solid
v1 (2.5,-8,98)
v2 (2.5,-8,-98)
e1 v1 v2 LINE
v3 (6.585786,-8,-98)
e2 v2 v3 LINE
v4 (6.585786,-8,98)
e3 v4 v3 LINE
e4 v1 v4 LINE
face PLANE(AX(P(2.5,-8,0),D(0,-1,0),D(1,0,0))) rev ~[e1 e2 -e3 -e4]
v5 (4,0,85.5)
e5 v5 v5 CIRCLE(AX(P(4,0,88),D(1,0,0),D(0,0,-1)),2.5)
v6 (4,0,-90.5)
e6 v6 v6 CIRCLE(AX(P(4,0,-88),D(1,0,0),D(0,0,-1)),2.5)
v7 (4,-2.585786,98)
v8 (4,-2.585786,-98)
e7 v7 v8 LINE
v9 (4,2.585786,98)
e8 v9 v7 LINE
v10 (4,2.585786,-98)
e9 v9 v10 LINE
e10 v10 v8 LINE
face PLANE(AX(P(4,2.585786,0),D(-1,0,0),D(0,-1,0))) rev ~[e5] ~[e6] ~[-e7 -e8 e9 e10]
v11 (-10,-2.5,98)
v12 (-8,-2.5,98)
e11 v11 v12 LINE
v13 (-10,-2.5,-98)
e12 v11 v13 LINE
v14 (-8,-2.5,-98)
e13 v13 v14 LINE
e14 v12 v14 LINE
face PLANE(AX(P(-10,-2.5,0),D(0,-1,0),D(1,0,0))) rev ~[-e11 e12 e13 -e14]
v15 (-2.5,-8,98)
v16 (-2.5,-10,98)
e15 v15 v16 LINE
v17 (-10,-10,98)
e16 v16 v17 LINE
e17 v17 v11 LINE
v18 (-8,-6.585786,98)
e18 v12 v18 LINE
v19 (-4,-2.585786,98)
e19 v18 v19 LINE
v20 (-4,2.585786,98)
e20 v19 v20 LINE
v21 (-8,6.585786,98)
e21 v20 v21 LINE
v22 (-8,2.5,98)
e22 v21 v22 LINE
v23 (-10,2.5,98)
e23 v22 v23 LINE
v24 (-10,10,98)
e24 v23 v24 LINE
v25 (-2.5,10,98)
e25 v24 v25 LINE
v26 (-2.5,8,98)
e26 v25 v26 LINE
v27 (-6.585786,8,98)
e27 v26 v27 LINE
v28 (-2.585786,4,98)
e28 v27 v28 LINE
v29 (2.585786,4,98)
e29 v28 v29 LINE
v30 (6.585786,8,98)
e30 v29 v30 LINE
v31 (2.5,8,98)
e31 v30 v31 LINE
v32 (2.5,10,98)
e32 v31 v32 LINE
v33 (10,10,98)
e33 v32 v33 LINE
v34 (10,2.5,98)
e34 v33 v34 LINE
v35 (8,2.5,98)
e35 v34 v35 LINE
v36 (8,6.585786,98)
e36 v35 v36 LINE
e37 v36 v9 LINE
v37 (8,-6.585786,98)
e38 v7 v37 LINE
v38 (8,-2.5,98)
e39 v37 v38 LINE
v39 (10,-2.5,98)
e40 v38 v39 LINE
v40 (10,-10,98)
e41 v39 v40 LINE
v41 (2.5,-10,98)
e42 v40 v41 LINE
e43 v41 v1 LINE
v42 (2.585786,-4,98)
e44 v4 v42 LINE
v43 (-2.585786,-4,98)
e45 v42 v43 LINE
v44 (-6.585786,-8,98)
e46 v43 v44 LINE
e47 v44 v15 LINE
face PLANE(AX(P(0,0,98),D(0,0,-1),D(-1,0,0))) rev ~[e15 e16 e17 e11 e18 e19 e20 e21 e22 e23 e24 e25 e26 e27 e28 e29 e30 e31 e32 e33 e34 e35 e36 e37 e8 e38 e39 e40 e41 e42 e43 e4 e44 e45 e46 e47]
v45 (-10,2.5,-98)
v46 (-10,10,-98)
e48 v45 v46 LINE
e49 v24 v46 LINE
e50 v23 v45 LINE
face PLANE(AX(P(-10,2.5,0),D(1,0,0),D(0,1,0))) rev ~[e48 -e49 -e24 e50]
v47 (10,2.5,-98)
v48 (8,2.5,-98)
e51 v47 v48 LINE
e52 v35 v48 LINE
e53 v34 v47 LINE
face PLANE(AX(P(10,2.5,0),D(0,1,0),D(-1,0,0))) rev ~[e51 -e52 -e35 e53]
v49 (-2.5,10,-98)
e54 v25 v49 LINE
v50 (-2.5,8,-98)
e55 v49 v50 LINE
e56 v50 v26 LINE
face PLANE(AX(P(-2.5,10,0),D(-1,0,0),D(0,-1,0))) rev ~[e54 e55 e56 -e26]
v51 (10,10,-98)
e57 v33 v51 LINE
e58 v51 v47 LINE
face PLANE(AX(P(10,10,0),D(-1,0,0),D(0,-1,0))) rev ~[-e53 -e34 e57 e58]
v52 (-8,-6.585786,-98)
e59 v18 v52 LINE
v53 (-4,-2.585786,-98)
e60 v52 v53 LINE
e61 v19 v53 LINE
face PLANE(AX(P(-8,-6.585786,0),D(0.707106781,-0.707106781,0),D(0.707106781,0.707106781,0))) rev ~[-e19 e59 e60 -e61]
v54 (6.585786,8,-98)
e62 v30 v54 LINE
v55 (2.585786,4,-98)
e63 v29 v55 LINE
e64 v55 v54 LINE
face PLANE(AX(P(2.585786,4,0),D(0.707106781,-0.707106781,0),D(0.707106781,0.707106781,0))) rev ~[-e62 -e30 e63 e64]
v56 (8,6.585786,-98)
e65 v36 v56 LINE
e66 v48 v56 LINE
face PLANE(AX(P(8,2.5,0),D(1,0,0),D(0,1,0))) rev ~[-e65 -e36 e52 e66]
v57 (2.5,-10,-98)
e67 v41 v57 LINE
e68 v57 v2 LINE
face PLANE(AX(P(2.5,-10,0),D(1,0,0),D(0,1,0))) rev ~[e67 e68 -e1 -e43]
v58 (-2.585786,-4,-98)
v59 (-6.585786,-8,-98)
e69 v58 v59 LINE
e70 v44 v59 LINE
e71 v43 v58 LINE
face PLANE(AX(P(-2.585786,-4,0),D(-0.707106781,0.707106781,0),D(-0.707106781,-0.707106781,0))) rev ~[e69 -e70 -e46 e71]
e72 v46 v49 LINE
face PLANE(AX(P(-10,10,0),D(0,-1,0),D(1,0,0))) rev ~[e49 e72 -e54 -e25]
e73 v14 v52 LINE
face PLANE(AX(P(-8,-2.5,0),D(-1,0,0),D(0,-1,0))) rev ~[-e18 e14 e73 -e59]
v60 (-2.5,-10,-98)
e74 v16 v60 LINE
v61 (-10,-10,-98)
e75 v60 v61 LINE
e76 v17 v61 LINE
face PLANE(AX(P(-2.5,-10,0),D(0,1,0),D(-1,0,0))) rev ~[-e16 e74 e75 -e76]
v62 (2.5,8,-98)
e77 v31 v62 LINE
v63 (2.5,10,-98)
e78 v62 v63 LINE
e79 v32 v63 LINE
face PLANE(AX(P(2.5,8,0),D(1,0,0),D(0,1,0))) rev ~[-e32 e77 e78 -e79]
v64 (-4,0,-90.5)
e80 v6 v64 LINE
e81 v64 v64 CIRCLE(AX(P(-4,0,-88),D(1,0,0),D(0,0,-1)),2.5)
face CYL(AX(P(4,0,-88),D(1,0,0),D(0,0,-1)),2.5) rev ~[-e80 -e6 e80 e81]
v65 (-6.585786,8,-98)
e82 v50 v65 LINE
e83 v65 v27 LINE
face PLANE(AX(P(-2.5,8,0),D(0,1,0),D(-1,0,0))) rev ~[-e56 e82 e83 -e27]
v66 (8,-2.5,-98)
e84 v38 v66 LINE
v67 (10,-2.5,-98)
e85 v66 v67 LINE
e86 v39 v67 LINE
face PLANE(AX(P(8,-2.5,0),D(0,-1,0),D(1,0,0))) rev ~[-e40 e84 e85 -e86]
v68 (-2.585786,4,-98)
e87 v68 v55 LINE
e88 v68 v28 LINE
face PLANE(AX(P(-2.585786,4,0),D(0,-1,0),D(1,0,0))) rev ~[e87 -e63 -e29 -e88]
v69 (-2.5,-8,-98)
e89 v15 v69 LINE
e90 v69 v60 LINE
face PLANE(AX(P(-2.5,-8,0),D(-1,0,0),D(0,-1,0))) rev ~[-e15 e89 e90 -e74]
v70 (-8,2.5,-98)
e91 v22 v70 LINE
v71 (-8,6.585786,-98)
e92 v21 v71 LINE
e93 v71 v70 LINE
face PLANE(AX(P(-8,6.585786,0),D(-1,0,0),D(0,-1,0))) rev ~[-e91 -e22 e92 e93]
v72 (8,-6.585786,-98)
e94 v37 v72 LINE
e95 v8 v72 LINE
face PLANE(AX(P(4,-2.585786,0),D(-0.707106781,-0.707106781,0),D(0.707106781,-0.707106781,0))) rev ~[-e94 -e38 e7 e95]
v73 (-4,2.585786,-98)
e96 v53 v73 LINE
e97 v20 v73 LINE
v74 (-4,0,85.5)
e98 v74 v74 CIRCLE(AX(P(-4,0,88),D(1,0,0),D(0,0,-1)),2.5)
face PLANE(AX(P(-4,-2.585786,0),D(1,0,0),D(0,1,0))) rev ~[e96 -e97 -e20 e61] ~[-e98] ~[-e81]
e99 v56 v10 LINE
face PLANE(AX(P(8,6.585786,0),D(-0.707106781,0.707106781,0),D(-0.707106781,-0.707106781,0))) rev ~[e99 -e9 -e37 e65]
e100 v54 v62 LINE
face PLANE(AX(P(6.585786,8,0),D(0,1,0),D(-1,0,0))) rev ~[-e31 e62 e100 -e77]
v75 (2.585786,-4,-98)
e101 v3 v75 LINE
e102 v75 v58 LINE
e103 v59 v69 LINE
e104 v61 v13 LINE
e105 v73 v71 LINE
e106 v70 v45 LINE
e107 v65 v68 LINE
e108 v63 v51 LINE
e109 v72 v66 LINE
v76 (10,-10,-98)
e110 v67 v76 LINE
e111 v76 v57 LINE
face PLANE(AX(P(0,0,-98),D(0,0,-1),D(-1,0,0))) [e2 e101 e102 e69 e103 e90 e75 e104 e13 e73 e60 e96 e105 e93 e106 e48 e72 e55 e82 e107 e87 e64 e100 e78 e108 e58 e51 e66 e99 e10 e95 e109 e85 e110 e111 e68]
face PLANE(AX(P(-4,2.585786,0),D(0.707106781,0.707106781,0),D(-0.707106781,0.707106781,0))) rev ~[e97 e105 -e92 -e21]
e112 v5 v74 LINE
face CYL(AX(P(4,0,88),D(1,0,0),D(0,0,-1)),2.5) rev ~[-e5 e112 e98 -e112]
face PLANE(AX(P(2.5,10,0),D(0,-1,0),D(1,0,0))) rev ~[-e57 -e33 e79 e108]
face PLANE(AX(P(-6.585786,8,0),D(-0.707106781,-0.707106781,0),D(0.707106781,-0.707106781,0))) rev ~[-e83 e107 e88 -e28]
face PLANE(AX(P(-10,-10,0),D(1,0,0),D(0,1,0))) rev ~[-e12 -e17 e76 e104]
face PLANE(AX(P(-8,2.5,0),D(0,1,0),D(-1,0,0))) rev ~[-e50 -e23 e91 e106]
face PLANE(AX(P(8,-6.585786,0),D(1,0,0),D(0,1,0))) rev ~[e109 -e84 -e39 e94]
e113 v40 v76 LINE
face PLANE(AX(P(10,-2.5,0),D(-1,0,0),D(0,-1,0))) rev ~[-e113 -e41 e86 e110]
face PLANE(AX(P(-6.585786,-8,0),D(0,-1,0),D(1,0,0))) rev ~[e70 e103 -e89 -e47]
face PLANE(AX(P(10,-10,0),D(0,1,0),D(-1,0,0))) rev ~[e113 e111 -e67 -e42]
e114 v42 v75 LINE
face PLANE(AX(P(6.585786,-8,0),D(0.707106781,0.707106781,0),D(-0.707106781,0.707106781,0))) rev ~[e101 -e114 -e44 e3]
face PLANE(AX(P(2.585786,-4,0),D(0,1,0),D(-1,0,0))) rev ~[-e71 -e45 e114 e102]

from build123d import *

# Parameters (mm, degrees)
BOSS_EXTRUDE1_DEPTH = 98
SKETCH2_R           = 2.5
CUT_EXTRUDE1_DEPTH  = 8


with BuildPart() as part:
    # Sketch1 → Boss-Extrude1 (new body, symmetric)
    with BuildSketch(Plane.XY):
        Polygon((-2.585786438, 4), (2.585786438, 4), (6.585786438, 8), (2.5, 8), (2.5, 10), (10, 10), (10, 2.5), (8, 2.5), (8, 6.585786438), (4, 2.585786438), (4, -2.585786438), (8, -6.585786438), (8, -2.5), (10, -2.5), (10, -10), (2.5, -10), (2.5, -8), (6.585786438, -8), (2.585786438, -4), (-2.585786438, -4), (-6.585786438, -8), (-2.5, -8), (-2.5, -10), (-10, -10), (-10, -2.5), (-8, -2.5), (-8, -6.585786438), (-4, -2.585786438), (-4, 2.585786438), (-8, 6.585786438), (-8, 2.5), (-10, 2.5), (-10, 10), (-2.5, 10), (-2.5, 8), (-6.585786438, 8), align=None)
    extrude(amount=BOSS_EXTRUDE1_DEPTH, both=True)

    # Sketch2 → Cut-Extrude1 (cut)
    with BuildSketch(Plane(origin=(4, 0, 0), x_dir=(0, 0, -1), z_dir=(1, 0, 0))):
        with Locations((88, 0)):
            Circle(SKETCH2_R)
        with Locations((-88, 0)):
            Circle(SKETCH2_R)
    extrude(amount=-CUT_EXTRUDE1_DEPTH, mode=Mode.SUBTRACT)


solid = part.part
